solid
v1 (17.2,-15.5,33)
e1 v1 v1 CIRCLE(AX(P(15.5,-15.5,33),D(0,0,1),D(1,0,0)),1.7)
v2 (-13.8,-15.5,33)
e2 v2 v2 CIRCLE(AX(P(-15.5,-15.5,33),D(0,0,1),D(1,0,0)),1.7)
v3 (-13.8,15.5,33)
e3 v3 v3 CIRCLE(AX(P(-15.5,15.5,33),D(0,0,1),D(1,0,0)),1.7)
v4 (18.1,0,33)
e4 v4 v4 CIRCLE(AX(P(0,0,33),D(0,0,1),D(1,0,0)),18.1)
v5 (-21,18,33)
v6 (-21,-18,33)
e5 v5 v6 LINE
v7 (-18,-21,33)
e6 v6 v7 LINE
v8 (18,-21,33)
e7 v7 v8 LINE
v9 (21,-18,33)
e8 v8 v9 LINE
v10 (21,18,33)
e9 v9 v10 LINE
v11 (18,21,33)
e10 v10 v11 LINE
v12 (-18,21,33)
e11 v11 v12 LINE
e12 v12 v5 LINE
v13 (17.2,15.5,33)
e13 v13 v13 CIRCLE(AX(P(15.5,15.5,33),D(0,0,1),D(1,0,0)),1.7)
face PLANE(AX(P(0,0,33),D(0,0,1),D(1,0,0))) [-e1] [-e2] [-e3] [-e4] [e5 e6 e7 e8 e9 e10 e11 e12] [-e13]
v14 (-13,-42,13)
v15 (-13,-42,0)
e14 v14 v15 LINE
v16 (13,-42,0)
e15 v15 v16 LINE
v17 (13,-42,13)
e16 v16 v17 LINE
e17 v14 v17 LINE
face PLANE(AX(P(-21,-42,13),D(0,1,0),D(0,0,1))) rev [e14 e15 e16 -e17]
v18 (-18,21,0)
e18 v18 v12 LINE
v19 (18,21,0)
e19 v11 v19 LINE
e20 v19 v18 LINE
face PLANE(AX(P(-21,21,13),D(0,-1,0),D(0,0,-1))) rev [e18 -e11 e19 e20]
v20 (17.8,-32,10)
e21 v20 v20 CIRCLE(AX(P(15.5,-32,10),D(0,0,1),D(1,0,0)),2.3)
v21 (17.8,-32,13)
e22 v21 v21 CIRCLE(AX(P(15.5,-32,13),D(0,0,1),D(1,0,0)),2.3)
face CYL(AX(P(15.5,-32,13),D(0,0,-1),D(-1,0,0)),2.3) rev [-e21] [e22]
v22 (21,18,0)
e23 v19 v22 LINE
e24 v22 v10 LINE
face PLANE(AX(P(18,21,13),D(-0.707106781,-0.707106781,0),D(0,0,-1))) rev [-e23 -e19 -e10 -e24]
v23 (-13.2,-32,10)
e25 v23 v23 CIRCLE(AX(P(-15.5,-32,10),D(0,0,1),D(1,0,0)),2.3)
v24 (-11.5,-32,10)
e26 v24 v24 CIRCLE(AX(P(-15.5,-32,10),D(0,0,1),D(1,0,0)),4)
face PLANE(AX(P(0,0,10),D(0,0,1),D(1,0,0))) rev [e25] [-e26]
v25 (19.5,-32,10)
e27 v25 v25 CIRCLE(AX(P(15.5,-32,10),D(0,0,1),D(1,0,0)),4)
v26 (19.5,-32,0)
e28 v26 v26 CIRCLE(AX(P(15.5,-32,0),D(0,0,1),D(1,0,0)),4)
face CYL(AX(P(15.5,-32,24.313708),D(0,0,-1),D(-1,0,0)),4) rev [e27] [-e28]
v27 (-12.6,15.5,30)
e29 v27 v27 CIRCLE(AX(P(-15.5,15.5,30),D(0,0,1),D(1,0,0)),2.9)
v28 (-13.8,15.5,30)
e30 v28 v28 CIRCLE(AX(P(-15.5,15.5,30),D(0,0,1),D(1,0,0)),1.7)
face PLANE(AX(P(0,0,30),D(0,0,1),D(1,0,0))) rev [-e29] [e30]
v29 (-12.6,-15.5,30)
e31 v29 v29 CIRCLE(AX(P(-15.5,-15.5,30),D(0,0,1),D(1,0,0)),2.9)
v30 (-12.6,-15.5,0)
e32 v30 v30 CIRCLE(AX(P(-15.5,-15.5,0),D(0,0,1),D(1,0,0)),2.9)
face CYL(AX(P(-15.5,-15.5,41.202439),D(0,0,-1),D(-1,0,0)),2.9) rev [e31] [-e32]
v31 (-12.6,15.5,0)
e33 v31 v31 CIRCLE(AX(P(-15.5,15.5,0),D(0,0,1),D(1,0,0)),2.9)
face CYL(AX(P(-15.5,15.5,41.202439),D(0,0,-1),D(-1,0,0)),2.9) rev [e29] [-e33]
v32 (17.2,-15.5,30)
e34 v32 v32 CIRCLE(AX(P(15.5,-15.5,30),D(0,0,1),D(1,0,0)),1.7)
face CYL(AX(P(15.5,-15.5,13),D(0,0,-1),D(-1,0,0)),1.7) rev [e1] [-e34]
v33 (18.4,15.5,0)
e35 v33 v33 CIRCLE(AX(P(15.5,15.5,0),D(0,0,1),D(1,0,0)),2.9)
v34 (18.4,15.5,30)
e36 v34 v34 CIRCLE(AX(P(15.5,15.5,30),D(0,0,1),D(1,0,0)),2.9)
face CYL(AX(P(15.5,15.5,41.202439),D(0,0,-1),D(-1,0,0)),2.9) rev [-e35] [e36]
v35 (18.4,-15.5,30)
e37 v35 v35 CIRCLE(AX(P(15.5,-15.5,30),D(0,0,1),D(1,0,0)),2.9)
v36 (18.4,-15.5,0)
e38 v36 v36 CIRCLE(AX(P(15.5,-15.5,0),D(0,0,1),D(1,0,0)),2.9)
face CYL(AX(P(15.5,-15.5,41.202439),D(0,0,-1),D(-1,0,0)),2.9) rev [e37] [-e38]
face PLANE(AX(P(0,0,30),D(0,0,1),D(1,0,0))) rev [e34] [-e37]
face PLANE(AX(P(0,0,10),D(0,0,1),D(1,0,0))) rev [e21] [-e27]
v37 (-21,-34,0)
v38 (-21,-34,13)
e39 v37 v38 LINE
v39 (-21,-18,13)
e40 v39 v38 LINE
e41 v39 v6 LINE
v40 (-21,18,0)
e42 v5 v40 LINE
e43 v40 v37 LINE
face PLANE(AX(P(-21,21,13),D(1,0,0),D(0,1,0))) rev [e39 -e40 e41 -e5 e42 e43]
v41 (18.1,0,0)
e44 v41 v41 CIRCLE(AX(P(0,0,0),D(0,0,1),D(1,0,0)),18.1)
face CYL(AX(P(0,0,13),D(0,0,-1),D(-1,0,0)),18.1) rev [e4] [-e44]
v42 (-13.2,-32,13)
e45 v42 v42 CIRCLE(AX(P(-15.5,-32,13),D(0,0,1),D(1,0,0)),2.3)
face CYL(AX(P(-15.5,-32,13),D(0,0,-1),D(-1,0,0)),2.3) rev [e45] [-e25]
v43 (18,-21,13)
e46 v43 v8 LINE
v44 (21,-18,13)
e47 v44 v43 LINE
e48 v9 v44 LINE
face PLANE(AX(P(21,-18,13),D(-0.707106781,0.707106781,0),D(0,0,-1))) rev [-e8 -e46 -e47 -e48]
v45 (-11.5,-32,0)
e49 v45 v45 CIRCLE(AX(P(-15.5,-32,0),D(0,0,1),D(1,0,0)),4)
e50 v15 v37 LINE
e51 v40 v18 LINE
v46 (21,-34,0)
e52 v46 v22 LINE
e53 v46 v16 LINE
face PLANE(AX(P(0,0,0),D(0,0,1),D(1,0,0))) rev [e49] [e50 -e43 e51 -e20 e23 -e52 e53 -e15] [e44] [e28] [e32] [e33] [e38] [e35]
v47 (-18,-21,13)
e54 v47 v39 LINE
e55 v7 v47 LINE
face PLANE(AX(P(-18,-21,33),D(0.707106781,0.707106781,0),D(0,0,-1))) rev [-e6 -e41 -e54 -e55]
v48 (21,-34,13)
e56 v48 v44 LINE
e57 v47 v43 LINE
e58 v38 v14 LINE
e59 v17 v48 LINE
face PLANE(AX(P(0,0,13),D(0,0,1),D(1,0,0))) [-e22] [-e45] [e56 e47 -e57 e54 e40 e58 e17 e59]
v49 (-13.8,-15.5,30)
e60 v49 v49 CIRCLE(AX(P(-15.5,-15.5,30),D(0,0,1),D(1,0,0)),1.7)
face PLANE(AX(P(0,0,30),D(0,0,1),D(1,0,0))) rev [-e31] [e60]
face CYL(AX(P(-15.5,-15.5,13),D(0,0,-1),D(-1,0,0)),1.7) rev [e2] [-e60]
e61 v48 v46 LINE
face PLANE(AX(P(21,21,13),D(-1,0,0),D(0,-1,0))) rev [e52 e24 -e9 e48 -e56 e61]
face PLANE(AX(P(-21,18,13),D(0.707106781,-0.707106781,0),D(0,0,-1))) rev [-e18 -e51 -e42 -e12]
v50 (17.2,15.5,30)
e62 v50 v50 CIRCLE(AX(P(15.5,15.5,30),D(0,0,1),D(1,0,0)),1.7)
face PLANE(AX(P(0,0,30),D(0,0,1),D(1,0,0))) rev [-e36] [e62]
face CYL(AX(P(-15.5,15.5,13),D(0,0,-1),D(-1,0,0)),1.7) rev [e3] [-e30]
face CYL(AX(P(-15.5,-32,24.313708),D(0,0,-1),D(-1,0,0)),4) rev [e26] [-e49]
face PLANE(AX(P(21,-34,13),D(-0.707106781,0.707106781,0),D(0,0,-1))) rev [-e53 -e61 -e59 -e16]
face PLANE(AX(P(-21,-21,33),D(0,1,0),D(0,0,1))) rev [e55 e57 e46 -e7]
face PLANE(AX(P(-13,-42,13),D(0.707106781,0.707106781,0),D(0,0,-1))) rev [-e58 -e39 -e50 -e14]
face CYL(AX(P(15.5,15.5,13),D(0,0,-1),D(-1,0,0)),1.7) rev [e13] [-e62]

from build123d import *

# Parameters (mm, degrees)
SKIZZE1_W                       = 42
SKIZZE1_H                       = 63
SKIZZE1_R                       = 18.1
SKIZZE1_R_2                     = 1.7
SKIZZE1_R_3                     = 2.3
AUFSATZ_LINEAR_AUSTRAGEN1_DEPTH = 13
SKIZZE2_W                       = 42
SKIZZE2_H                       = 42
SKIZZE2_R                       = 18.1
SKIZZE2_R_2                     = 1.7
AUFSATZ_LINEAR_AUSTRAGEN2_DEPTH = 20
SKIZZE4_R                       = 4
SCHNITT_LINEAR_AUSTRAGEN1_DEPTH = 10
SKIZZE5_R                       = 2.9
SCHNITT_LINEAR_AUSTRAGEN2_DEPTH = 30
FASE1_SIZE                      = 3
FASE2_SIZE                      = 8


with BuildPart() as part:
    # Skizze1 → Aufsatz-Linear austragen1 (new body)
    with BuildSketch(Plane.XY):
        with Locations((0, -10.5)):
            Rectangle(SKIZZE1_W, SKIZZE1_H)
        Circle(SKIZZE1_R, mode=Mode.SUBTRACT)
        with Locations((-15.5, 15.5)):
            Circle(SKIZZE1_R_2, mode=Mode.SUBTRACT)
        with Locations((15.5, 15.5)):
            Circle(SKIZZE1_R_2, mode=Mode.SUBTRACT)
        with Locations((-15.5, -15.5)):
            Circle(SKIZZE1_R_2, mode=Mode.SUBTRACT)
        with Locations((15.5, -15.5)):
            Circle(SKIZZE1_R_2, mode=Mode.SUBTRACT)
        with Locations((-15.5, -32)):
            Circle(SKIZZE1_R_3, mode=Mode.SUBTRACT)
        with Locations((15.5, -32)):
            Circle(SKIZZE1_R_3, mode=Mode.SUBTRACT)
    extrude(amount=AUFSATZ_LINEAR_AUSTRAGEN1_DEPTH)

    # Skizze2 → Aufsatz-Linear austragen2 (add)
    with BuildSketch(Plane.XY.offset(13)):
        Rectangle(SKIZZE2_W, SKIZZE2_H)
        Circle(SKIZZE2_R, mode=Mode.SUBTRACT)
        with Locations((15.5, 15.5)):
            Circle(SKIZZE2_R_2, mode=Mode.SUBTRACT)
        with Locations((15.5, -15.5)):
            Circle(SKIZZE2_R_2, mode=Mode.SUBTRACT)
        with Locations((-15.5, -15.5)):
            Circle(SKIZZE2_R_2, mode=Mode.SUBTRACT)
        with Locations((-15.5, 15.5)):
            Circle(SKIZZE2_R_2, mode=Mode.SUBTRACT)
    extrude(amount=AUFSATZ_LINEAR_AUSTRAGEN2_DEPTH)

    # Skizze4 → Schnitt-Linear austragen1 (cut)
    with BuildSketch(Plane.XY):
        with Locations((-15.5, -32)):
            Circle(SKIZZE4_R)
        with Locations((15.5, -32)):
            Circle(SKIZZE4_R)
    extrude(amount=SCHNITT_LINEAR_AUSTRAGEN1_DEPTH, mode=Mode.SUBTRACT)

    # Skizze5 → Schnitt-Linear austragen2 (cut)
    with BuildSketch(Plane.XY):
        with Locations((-15.5, 15.5)):
            Circle(SKIZZE5_R)
        with Locations((15.5, 15.5)):
            Circle(SKIZZE5_R)
        with Locations((-15.5, -15.5)):
            Circle(SKIZZE5_R)
        with Locations((15.5, -15.5)):
            Circle(SKIZZE5_R)
    extrude(amount=SCHNITT_LINEAR_AUSTRAGEN2_DEPTH, mode=Mode.SUBTRACT)

    # Fase1
    fase1_edges = [part.edges().sort_by_distance(p)[0] for p in [
        (-21, -21, 23),
        (21, -21, 23),
        (-21, 21, 16.5),
        (21, 21, 16.5),
    ]]
    chamfer(fase1_edges, length=FASE1_SIZE)

    # Fase2
    fase2_edges = [part.edges().sort_by_distance(p)[0] for p in [
        (21, -42, 6.5),
        (-21, -42, 6.5),
    ]]
    chamfer(fase2_edges, length=FASE2_SIZE)


solid = part.part
